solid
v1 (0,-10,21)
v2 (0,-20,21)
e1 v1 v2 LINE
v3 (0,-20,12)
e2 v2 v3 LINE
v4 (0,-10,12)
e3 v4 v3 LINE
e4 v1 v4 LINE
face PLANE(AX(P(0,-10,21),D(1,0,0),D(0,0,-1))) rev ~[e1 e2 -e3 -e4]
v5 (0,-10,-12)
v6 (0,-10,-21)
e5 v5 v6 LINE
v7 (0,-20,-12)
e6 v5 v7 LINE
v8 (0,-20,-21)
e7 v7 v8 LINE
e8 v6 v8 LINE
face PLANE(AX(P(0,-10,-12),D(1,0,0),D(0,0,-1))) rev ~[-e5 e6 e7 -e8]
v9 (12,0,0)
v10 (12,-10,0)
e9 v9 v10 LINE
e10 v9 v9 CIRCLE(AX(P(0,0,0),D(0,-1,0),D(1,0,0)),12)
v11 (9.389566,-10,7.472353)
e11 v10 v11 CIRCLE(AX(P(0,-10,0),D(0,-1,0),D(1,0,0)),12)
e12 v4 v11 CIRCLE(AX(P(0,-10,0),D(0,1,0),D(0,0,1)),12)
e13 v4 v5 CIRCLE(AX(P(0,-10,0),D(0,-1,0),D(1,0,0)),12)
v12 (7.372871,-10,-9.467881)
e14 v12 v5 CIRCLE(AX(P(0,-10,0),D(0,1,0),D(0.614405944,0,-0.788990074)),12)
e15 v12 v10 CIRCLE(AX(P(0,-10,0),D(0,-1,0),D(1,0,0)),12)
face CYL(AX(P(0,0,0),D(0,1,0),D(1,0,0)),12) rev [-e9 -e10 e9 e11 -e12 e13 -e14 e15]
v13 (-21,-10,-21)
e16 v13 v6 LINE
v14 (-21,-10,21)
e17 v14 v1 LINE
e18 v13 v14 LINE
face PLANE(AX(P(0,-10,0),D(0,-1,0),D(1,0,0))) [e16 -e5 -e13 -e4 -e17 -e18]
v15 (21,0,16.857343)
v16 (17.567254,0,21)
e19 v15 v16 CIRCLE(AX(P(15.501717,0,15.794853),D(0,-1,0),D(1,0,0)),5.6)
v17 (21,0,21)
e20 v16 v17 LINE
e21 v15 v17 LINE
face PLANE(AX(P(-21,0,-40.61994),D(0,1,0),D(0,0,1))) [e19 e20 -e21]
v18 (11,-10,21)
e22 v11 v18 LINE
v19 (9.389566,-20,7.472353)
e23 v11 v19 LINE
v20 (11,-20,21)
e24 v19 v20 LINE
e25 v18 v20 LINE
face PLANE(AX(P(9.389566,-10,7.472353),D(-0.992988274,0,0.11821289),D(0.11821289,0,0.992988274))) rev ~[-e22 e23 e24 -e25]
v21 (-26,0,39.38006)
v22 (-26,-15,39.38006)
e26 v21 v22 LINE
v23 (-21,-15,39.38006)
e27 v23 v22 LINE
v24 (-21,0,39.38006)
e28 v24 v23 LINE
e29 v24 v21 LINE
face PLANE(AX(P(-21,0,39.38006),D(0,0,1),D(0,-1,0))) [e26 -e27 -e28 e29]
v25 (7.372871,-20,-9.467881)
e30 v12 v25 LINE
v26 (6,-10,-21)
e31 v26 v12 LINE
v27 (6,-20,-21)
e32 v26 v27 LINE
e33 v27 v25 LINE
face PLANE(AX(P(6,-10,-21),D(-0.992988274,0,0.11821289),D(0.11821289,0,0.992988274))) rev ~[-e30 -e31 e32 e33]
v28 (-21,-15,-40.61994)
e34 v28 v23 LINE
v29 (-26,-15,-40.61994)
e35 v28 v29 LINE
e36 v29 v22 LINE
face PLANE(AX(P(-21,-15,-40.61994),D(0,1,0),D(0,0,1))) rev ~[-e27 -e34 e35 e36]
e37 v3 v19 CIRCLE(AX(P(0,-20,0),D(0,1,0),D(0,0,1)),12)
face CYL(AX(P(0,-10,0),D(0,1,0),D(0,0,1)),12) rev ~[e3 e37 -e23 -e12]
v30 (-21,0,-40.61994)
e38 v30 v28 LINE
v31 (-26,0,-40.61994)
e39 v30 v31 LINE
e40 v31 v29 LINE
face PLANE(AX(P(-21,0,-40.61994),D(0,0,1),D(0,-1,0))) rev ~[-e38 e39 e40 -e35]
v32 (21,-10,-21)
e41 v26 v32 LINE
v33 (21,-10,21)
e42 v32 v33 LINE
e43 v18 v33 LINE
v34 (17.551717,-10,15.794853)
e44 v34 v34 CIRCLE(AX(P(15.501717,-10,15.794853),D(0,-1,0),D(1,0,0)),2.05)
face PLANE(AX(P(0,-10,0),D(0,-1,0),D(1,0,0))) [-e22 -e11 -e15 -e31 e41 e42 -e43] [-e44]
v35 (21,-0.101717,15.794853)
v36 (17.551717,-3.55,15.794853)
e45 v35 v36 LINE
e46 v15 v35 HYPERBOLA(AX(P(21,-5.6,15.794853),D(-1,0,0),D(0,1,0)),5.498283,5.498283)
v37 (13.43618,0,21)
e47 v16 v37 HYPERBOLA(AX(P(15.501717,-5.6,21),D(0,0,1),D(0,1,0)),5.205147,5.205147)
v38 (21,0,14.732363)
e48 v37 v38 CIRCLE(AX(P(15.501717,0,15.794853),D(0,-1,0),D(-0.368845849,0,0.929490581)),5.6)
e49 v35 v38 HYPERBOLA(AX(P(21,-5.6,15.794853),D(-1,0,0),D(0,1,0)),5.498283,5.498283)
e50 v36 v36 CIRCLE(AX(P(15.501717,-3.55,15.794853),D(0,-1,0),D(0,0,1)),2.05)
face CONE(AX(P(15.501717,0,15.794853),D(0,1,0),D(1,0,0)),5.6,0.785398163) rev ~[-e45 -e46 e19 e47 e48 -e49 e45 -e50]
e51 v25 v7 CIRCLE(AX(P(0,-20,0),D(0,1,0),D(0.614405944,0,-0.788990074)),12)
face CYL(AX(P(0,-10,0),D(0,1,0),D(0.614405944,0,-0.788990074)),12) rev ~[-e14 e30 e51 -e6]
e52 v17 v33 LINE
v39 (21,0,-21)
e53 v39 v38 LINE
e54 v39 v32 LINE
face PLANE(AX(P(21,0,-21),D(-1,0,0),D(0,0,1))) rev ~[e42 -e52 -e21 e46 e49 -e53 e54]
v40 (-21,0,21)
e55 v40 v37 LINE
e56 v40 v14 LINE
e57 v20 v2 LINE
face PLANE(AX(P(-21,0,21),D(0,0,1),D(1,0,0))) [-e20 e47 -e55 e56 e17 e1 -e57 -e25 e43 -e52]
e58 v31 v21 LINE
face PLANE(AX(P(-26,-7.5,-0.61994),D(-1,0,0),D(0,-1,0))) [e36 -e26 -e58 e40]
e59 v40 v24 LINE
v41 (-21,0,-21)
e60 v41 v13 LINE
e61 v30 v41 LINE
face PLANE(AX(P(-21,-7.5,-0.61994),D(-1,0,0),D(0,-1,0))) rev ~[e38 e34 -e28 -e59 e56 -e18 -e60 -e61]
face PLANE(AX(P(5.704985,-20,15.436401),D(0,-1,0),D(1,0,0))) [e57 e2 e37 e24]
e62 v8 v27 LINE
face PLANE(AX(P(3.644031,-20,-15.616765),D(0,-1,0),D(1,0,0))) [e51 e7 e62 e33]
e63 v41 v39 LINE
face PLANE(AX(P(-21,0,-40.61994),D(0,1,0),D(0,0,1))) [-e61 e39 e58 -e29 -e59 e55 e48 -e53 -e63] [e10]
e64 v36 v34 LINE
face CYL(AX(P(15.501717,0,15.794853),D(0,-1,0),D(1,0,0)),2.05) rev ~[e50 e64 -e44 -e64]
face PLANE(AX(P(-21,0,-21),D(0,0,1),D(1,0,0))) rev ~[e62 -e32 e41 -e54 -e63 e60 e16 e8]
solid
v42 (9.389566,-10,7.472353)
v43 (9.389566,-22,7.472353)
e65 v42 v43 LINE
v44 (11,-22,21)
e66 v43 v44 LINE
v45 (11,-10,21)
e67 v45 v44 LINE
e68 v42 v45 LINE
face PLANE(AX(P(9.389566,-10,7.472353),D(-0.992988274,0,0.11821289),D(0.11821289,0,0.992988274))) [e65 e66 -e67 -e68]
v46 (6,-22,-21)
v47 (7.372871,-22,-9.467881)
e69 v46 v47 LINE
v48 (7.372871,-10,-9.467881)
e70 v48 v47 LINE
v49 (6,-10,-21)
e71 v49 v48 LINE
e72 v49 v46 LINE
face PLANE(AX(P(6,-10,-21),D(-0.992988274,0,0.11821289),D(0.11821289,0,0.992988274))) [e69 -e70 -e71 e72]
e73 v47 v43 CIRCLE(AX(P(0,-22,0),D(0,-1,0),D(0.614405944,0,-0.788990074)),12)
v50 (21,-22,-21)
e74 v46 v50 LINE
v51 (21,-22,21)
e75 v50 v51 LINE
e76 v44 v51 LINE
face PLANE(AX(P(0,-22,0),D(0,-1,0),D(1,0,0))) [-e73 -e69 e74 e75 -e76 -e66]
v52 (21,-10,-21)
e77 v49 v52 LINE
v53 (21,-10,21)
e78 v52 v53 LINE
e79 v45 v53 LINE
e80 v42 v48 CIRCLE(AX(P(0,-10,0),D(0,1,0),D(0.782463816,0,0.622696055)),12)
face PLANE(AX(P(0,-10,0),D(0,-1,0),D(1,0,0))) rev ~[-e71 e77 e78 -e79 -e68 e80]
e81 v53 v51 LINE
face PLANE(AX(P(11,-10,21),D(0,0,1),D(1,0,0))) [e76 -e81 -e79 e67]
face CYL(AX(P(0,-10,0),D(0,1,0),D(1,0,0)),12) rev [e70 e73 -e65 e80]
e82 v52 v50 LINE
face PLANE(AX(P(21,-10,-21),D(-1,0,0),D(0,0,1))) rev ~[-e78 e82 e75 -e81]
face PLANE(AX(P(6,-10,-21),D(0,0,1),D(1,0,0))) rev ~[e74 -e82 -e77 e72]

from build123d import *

# Parameters (mm, degrees)
F0_W           = 42
F0_H           = 42
F0_R           = 12
F1_DEPTH       = 10
F2_W           = 15
F2_H           = 80
F3_DEPTH       = 5
F5_DEPTH       = 10
F6_DEPTH       = 12
F8_D           = 4.1
F8_CSINK_D     = 11.2
F8_CSINK_ANGLE = 90


with BuildPart() as f1:
    # F0 (on Front) → F1 (new body)
    with BuildSketch(Plane.XZ):
        Rectangle(F0_W, F0_H)
        Circle(F0_R, mode=Mode.SUBTRACT)
    extrude(amount=F1_DEPTH)

    # F2 (on face) → F3 (join)
    with BuildSketch(Plane(origin=(-21, 0, 0), x_dir=(0, -1, 0), z_dir=(-1, 0, 0))):
        with Locations((7.5, -0.6199396634)):
            Rectangle(F2_W, F2_H)
    extrude(amount=F3_DEPTH)

    # F4 (on face) → F5 (join)
    with BuildSketch(Plane.XZ.offset(10)):
        with BuildLine():
            Line((9.3895657925, 7.4723526569), (11, 21))
            Line((11, 21), (0, 21))
            Line((0, 21), (0, 12))
            ThreePointArc((0, 12), (5.2120901814, 10.8089831132), (9.3895657925, 7.4723526569))
        make_face()
        with BuildLine():
            Line((6, -21), (7.3728713232, -9.4678808849))
            ThreePointArc((7.3728713232, -9.4678808849), (3.8977833047, -11.3493297295), (0, -12))
            Line((0, -12), (0, -21))
            Line((0, -21), (6, -21))
        make_face()
    extrude(amount=F5_DEPTH)


with BuildPart() as f6:
    # F6 (new): a face of the model
    f6_faces = [f1.part.faces().sort_by_distance(p)[0] for p in [
        (15.0870554418, -10, -1.4200647771),
    ]]
    extrude(f6_faces, amount=F6_DEPTH)


with BuildPart() as f1_1:
    add(f1.part)

    # F8 (through all)
    with Locations(Plane(origin=(0, 0, 0), x_dir=(-1, 0, 0), z_dir=(0, 1, 0))):
        with Locations((-15.5017171055, 15.7948527485)):
            CounterSinkHole(F8_D / 2, F8_CSINK_D / 2, counter_sink_angle=F8_CSINK_ANGLE)


solid = Compound([f6.part, f1_1.part])
